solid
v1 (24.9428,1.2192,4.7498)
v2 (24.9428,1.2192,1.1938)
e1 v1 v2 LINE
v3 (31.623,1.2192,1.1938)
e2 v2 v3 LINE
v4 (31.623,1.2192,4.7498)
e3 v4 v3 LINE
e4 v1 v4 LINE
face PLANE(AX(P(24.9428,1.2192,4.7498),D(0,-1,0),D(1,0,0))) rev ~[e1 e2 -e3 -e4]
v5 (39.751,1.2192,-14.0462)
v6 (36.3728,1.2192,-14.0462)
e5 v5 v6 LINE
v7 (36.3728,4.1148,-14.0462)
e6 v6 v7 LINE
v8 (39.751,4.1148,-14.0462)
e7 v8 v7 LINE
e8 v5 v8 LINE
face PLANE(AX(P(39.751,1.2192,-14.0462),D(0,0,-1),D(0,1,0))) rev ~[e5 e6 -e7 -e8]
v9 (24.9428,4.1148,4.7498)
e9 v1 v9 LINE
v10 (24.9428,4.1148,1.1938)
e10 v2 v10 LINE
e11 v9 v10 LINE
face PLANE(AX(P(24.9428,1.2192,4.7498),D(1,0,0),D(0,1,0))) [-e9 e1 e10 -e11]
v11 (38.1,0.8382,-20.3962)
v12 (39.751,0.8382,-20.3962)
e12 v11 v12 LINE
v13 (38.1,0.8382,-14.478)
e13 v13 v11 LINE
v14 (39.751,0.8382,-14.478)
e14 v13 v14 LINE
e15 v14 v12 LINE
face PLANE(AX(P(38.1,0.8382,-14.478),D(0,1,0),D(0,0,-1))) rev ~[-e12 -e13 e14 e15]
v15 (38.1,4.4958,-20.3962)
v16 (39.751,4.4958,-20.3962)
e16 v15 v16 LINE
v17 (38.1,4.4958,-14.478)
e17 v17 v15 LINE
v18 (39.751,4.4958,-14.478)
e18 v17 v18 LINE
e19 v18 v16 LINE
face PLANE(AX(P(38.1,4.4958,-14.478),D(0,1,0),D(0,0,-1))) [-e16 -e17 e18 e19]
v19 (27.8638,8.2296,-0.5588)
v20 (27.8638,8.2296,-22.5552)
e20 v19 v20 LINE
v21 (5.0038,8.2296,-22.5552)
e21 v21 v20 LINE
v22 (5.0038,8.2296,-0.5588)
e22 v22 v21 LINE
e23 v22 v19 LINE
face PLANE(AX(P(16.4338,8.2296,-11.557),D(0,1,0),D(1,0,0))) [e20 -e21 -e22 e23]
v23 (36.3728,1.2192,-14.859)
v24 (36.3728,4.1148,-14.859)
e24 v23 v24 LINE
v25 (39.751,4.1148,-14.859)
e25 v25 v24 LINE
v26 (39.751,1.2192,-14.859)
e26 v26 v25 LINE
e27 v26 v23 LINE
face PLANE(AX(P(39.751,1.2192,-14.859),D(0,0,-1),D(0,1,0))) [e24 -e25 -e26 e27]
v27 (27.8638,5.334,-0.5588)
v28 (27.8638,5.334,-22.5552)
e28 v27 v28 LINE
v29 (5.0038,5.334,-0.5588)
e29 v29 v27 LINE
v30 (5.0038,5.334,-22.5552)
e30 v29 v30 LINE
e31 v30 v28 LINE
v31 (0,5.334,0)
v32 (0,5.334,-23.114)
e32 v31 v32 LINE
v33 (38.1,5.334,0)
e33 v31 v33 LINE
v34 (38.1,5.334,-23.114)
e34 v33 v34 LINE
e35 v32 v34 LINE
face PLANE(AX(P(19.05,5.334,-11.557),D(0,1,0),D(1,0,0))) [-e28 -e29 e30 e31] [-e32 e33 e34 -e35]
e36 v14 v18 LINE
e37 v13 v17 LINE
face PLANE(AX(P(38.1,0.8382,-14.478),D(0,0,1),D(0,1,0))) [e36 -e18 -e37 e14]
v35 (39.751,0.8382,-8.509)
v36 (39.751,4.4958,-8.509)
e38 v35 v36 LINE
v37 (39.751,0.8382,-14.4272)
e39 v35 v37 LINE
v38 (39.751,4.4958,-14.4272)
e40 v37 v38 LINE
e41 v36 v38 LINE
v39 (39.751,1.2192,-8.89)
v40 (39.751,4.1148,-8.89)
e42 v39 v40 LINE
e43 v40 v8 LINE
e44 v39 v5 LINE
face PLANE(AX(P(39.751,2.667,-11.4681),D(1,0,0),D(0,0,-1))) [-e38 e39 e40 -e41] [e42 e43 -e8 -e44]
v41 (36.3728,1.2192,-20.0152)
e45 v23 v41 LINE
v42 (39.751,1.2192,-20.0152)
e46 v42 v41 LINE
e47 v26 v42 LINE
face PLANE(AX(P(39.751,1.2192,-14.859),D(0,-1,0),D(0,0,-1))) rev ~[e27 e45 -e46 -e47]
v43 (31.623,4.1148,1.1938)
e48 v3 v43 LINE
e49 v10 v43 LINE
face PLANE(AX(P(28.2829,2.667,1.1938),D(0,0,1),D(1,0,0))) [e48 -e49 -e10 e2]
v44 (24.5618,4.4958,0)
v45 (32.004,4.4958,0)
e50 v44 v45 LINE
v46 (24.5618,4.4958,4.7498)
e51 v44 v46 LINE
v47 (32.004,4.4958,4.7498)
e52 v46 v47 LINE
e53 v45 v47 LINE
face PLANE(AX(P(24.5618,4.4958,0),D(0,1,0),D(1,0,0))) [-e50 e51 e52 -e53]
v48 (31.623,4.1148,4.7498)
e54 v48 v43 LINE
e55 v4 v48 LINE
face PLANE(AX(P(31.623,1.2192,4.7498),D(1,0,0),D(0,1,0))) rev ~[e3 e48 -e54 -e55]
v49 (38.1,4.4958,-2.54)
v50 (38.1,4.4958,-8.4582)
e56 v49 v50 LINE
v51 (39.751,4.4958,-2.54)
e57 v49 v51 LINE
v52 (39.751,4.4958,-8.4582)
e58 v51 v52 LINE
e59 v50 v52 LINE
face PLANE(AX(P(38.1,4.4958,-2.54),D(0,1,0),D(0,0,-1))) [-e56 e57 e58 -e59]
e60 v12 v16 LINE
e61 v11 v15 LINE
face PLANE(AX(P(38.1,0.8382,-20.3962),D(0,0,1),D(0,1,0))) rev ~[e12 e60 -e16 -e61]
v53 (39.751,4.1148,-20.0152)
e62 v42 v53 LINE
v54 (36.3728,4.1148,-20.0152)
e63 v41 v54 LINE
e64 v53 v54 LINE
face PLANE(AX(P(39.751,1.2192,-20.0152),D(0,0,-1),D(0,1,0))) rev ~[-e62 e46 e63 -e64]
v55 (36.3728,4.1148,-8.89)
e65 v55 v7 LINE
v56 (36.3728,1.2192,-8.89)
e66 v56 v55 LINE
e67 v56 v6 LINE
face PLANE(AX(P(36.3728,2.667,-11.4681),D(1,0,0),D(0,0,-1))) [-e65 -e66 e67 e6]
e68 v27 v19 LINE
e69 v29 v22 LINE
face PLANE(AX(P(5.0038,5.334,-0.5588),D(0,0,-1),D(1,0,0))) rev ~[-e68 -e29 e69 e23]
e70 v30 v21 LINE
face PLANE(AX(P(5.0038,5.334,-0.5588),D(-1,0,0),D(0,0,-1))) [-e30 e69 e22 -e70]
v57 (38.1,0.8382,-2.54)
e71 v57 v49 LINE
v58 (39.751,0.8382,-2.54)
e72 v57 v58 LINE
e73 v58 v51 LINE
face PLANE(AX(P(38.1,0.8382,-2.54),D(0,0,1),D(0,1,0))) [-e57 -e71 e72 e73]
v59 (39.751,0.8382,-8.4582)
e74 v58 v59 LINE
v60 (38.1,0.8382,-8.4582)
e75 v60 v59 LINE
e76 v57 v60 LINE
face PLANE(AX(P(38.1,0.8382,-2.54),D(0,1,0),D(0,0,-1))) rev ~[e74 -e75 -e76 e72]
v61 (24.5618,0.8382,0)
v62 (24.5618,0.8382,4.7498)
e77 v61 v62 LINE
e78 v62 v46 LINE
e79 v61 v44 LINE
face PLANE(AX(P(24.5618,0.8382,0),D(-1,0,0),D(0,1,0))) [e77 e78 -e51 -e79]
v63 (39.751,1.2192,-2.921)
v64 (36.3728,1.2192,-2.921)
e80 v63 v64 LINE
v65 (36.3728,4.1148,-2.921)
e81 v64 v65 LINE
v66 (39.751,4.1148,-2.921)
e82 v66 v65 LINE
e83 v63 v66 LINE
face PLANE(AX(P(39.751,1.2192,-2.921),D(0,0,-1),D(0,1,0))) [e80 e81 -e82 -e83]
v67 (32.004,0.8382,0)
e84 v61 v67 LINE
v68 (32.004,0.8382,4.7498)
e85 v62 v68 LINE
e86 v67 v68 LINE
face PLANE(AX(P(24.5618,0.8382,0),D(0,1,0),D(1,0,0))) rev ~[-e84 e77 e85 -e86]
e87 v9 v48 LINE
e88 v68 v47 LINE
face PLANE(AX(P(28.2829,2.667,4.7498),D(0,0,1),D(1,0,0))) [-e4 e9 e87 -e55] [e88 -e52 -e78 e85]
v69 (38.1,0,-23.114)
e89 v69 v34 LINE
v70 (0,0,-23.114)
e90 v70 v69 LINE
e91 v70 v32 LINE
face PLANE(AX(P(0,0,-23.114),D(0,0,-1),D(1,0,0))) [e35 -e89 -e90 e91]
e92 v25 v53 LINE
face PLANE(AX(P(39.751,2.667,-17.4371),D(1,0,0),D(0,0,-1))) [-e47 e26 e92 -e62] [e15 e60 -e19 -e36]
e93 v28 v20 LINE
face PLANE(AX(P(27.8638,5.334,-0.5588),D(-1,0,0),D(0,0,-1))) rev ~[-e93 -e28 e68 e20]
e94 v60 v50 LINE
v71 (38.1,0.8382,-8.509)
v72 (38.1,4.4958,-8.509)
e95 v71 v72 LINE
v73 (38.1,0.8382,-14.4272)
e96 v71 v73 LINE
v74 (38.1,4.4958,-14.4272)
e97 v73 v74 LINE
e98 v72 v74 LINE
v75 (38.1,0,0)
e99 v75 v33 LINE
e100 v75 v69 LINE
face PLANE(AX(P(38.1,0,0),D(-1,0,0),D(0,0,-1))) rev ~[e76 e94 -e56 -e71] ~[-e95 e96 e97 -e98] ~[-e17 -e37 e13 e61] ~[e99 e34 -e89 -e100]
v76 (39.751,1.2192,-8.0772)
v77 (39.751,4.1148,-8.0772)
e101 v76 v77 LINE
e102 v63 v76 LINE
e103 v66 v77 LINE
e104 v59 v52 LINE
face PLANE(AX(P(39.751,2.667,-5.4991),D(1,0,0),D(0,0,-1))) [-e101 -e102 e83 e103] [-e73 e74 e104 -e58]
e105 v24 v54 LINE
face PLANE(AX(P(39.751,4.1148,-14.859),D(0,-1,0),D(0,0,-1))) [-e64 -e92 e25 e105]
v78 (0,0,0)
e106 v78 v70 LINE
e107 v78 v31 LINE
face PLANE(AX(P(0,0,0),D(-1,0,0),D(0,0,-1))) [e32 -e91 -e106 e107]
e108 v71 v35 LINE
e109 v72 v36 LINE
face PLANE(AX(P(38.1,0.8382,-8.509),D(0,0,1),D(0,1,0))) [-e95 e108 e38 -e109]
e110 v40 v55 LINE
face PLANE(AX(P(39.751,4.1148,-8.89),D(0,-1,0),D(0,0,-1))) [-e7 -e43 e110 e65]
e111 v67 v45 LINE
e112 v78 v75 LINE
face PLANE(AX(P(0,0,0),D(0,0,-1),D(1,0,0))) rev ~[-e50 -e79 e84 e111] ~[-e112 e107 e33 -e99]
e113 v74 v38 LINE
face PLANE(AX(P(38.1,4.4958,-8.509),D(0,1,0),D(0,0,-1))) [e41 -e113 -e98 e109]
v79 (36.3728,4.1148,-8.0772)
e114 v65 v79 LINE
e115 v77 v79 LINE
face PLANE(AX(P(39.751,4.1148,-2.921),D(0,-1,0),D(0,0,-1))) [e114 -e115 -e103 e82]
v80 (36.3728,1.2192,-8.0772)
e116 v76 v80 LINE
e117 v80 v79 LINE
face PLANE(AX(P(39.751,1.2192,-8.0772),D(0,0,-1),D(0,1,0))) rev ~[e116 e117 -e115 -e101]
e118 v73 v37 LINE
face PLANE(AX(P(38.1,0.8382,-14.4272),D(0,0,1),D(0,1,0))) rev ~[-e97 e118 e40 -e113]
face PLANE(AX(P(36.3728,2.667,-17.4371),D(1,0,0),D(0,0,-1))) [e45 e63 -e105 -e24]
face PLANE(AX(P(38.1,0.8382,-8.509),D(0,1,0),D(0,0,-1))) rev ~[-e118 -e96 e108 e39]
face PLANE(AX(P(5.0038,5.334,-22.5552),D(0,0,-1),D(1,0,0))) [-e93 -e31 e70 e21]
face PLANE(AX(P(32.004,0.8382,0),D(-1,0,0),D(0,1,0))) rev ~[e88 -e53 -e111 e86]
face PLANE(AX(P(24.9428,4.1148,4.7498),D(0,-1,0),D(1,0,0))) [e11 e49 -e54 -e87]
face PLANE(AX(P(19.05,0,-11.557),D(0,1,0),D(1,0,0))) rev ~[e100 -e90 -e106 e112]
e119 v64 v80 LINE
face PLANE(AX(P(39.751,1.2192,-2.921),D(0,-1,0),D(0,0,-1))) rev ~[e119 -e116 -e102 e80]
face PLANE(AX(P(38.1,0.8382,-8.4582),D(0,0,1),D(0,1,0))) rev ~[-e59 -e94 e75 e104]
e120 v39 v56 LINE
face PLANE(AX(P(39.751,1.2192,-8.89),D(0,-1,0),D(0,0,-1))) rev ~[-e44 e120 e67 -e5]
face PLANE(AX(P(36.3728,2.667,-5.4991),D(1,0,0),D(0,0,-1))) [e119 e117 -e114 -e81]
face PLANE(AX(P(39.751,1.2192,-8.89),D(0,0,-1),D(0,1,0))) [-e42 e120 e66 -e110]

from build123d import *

# Parameters (mm, degrees)
SKETCH1_W           = 38.1
SKETCH1_H           = 23.114
BOSS_EXTRUDE1_DEPTH = 5.334
SKETCH2_W           = 22.86
SKETCH2_H           = 21.9964
BOSS_EXTRUDE2_DEPTH = 2.8956
SKETCH3_W           = 7.4422
SKETCH3_H           = 3.6576
BOSS_EXTRUDE3_DEPTH = 4.7498
SKETCH4_W           = 6.6802
SKETCH4_H           = 2.8956
CUT_EXTRUDE1_DEPTH  = 3.556
SKETCH5_W           = 5.9182
SKETCH5_H           = 3.6576
BOSS_EXTRUDE4_DEPTH = 1.651
SKETCH6_W           = 5.1562
SKETCH6_H           = 2.8956
CUT_EXTRUDE2_DEPTH  = 3.3782
LPATTERN1_COUNT     = 3
LPATTERN1_PITCH     = 5.969


with BuildPart() as part:
    # Sketch1 → Boss-Extrude1 (new body)
    with BuildSketch(Plane(origin=(0, 0, 0), x_dir=(1, 0, 0), z_dir=(0, 1, 0))):
        with Locations((19.05, 11.557)):
            Rectangle(SKETCH1_W, SKETCH1_H)
    extrude(amount=BOSS_EXTRUDE1_DEPTH)

    # Sketch2 → Boss-Extrude2 (add)
    with BuildSketch(Plane(origin=(0, 5.334, 0), x_dir=(1, 0, 0), z_dir=(0, 1, 0))):
        with Locations((16.4338, 11.557)):
            Rectangle(SKETCH2_W, SKETCH2_H)
    extrude(amount=BOSS_EXTRUDE2_DEPTH)

    # Sketch3 → Boss-Extrude3 (add)
    with BuildSketch(Plane.XY):
        with Locations((28.2829, 2.667)):
            Rectangle(SKETCH3_W, SKETCH3_H)
    extrude(amount=BOSS_EXTRUDE3_DEPTH)

    # Sketch4 → Cut-Extrude1 (cut)
    with BuildSketch(Plane.XY.offset(4.7498)):
        with Locations((28.2829, 2.667)):
            Rectangle(SKETCH4_W, SKETCH4_H)
    extrude(amount=-CUT_EXTRUDE1_DEPTH, mode=Mode.SUBTRACT)

    # Sketch5 → Boss-Extrude4 (add)
    with BuildSketch(Plane(origin=(38.1, 0, 0), x_dir=(0, 0, -1), z_dir=(1, 0, 0))):
        with Locations((5.4991, 2.667)):
            Rectangle(SKETCH5_W, SKETCH5_H)
    boss_extrude4 = extrude(amount=BOSS_EXTRUDE4_DEPTH)

    # Sketch6 → Cut-Extrude2 (cut)
    with BuildSketch(Plane(origin=(39.751, 0, 0), x_dir=(0, 0, -1), z_dir=(1, 0, 0))):
        with Locations((5.4991, 2.667)):
            Rectangle(SKETCH6_W, SKETCH6_H)
    cut_extrude2 = extrude(amount=-CUT_EXTRUDE2_DEPTH, mode=Mode.SUBTRACT)

    # LPattern1: Boss-Extrude4, Cut-Extrude2 ×3
    with Locations(*[(0, 0, -i * LPATTERN1_PITCH) for i in range(1, LPATTERN1_COUNT)]):
        add(boss_extrude4)
        add(cut_extrude2, mode=Mode.SUBTRACT)


solid = part.part
